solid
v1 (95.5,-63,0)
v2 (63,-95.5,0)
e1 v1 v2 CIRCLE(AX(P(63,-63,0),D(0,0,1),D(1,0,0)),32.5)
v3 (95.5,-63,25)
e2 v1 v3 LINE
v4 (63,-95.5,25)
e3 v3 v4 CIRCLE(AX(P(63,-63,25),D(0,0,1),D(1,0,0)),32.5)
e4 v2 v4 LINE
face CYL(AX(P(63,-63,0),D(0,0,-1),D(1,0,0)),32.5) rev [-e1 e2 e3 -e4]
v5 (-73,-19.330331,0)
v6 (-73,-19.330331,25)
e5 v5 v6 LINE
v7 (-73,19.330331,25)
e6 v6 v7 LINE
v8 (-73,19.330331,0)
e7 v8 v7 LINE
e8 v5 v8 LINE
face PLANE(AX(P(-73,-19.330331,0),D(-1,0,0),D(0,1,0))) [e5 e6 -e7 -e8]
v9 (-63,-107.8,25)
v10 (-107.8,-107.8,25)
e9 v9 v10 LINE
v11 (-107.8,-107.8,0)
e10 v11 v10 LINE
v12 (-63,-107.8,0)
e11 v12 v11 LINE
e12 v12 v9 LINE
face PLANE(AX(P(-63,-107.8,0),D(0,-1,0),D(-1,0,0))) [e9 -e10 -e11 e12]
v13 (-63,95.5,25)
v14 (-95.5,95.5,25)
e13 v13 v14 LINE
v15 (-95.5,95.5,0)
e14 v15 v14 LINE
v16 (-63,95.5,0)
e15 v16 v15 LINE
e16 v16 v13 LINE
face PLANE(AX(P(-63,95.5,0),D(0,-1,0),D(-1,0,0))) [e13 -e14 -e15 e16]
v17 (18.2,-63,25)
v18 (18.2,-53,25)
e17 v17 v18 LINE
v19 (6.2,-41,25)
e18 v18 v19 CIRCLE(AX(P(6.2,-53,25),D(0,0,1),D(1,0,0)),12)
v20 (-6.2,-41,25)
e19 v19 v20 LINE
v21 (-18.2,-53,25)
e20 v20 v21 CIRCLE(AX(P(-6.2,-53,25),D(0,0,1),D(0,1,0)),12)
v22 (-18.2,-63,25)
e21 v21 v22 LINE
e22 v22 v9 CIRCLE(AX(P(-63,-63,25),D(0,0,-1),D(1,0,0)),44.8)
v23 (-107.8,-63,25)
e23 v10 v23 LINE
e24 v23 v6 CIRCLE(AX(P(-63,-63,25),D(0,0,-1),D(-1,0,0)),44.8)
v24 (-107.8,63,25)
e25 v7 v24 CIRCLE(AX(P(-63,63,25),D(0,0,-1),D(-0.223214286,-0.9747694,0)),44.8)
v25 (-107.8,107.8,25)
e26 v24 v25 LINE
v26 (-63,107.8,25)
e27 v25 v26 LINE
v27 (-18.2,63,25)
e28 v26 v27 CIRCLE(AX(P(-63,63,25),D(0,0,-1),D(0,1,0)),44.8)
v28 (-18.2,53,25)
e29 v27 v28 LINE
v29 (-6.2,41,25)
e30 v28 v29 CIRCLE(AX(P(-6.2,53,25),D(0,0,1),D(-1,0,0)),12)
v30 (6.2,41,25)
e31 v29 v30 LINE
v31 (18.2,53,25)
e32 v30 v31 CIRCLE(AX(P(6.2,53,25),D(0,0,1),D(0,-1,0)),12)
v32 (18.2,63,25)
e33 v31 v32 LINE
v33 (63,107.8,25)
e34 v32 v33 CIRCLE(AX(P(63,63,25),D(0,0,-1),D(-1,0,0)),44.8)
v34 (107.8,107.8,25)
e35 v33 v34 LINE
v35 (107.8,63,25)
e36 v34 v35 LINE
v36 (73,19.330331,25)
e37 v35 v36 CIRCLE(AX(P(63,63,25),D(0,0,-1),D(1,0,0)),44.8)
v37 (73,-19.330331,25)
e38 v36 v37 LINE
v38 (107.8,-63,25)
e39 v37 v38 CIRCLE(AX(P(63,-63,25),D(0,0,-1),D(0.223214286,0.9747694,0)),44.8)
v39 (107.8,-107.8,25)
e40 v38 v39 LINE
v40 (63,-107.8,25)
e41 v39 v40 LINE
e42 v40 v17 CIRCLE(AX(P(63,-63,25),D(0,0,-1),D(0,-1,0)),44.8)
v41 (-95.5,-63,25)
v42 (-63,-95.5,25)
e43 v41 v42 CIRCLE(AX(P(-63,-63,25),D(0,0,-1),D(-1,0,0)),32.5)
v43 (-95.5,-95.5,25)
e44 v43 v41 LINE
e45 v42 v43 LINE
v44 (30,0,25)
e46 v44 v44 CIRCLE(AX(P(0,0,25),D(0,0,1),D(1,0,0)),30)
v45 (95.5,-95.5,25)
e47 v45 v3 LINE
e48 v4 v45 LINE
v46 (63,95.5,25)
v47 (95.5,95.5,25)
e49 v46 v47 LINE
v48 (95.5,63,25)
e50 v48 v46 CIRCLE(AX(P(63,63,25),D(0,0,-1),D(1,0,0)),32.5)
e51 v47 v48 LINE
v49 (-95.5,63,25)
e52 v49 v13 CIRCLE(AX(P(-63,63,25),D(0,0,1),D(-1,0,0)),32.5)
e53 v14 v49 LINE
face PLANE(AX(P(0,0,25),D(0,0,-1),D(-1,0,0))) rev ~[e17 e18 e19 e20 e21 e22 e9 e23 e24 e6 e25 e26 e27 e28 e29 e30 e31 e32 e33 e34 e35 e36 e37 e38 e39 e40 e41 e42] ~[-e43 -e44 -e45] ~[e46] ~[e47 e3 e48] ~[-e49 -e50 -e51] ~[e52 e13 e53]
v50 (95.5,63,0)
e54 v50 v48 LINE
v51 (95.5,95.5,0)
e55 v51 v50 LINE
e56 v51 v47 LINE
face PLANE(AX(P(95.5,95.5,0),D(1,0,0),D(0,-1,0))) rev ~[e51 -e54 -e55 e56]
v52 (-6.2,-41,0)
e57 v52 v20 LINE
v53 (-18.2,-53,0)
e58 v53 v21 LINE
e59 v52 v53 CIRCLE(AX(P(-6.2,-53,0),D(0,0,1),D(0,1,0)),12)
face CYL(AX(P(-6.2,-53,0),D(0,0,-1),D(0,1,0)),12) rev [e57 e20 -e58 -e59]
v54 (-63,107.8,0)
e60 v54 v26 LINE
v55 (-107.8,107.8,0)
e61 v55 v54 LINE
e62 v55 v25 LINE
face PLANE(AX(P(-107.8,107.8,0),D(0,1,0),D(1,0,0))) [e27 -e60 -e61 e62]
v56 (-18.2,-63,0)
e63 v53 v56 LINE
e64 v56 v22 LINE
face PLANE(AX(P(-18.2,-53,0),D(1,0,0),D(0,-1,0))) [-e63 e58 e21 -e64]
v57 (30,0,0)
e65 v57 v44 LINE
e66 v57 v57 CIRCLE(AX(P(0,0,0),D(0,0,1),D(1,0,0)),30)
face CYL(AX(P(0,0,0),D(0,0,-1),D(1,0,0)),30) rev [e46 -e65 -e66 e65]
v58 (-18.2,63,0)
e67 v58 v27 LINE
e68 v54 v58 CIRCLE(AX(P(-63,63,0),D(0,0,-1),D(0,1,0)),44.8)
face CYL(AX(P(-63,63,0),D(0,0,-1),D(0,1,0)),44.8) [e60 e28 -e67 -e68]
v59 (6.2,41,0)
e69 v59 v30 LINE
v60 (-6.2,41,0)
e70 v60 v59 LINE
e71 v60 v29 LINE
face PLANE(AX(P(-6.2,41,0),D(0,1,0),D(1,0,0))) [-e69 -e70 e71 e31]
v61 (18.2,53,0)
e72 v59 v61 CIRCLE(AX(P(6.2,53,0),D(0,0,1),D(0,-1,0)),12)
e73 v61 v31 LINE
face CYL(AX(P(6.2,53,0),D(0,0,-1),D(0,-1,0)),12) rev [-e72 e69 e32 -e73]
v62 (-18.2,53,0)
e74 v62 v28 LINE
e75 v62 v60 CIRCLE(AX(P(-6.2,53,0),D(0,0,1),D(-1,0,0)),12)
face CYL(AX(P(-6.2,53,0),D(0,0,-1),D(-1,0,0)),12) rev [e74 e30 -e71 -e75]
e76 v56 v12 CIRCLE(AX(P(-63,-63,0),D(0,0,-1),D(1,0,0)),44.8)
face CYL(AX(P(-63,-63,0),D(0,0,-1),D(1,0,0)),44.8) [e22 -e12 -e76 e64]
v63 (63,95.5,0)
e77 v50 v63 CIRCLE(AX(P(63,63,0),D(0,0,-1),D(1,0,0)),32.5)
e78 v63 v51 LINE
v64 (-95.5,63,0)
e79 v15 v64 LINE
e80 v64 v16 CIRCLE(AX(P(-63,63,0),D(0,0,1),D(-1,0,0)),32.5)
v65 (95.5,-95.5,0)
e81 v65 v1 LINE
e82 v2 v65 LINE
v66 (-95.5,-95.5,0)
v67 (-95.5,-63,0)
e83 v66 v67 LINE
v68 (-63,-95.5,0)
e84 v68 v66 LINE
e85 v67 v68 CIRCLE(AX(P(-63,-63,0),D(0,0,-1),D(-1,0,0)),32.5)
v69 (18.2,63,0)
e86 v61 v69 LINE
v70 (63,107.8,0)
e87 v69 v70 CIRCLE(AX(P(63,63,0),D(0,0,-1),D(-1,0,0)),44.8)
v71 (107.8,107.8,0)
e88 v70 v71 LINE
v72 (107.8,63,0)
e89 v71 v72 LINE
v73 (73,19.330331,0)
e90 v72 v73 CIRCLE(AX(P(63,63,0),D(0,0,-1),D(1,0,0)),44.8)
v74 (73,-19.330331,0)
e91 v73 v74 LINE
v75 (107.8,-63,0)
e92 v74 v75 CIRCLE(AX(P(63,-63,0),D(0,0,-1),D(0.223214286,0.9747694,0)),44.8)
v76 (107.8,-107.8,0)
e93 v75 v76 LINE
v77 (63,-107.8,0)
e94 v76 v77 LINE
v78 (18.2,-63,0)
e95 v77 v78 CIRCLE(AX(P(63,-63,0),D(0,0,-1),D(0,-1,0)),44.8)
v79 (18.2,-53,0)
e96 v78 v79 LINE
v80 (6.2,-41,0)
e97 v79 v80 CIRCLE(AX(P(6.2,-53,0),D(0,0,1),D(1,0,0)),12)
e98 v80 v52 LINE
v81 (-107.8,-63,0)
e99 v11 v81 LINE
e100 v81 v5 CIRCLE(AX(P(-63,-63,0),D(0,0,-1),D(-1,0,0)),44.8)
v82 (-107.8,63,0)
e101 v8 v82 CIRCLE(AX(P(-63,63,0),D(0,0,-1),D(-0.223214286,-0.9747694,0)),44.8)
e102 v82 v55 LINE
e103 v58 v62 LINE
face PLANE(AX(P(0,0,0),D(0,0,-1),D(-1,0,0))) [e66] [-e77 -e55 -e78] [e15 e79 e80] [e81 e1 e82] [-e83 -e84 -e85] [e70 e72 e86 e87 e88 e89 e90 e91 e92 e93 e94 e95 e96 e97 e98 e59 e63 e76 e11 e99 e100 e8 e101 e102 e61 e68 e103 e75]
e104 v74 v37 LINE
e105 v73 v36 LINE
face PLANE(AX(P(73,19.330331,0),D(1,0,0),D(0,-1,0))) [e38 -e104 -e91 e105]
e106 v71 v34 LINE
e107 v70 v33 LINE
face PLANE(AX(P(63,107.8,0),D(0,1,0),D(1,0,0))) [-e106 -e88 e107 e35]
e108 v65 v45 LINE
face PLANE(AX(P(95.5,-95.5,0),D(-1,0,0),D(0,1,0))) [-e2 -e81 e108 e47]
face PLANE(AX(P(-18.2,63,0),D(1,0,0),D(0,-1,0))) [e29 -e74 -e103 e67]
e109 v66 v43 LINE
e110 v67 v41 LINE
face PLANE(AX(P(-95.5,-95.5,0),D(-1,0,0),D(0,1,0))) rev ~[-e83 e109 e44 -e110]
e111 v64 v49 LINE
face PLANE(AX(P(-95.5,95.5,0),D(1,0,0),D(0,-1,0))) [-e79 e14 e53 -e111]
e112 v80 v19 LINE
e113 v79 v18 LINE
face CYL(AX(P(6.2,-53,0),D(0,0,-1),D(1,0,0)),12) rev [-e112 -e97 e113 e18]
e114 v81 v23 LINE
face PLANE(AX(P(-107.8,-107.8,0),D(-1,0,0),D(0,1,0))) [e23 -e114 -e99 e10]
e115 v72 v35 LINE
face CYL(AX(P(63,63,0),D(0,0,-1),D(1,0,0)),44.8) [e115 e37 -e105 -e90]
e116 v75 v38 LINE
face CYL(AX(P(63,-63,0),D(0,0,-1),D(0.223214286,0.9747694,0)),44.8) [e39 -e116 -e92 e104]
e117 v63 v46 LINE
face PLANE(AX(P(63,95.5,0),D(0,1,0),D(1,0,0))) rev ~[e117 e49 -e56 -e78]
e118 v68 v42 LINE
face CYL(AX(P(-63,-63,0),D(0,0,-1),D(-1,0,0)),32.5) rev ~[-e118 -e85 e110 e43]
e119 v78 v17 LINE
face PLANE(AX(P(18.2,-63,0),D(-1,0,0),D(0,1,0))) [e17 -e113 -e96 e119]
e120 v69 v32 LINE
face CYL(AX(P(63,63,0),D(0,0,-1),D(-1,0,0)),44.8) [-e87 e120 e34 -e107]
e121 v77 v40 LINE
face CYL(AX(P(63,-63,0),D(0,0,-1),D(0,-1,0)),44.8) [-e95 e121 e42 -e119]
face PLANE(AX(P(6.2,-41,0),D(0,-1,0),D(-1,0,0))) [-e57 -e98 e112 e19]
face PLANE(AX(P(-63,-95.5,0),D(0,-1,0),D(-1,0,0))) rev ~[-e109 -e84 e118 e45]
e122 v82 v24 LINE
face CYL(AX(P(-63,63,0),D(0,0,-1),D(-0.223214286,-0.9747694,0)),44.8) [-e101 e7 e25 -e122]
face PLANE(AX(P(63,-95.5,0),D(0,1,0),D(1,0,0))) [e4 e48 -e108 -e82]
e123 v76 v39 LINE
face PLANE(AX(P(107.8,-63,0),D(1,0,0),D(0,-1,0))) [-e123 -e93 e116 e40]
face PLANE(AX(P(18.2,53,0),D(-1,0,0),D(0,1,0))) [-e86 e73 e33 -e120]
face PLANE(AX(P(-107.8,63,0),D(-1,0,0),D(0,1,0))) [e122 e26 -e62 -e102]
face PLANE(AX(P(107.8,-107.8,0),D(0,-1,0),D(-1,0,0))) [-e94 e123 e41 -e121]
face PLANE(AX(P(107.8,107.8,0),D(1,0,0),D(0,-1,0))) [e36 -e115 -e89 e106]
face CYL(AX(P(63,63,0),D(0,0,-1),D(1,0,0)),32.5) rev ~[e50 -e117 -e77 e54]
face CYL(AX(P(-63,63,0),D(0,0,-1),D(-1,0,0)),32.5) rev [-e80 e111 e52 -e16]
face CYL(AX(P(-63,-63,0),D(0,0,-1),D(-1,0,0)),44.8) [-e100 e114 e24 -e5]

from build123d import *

# Parameters (mm, degrees)
SKETCH2_R           = 30
BOSS_EXTRUDE1_DEPTH = 25


with BuildPart() as part:
    # Sketch2 → Boss-Extrude1 (new body)
    with BuildSketch(Plane.XY):
        with BuildLine():
            Line((63, 107.8), (107.8, 107.8))
            Line((107.8, 107.8), (107.8, 63))
            ThreePointArc((107.8, 63), (98.035981505, 35.080114613), (73, 19.330330892))
            Line((73, 19.330330892), (73, -19.330330892))
            ThreePointArc((73, -19.330330892), (98.035981505, -35.080114613), (107.8, -63))
            Line((107.8, -63), (107.8, -107.8))
            Line((107.8, -107.8), (63, -107.8))
            ThreePointArc((63, -107.8), (31.321616203, -94.678383797), (18.2, -63))
            Line((18.2, -63), (18.2, -53))
            ThreePointArc((18.2, -53), (14.685281374, -44.514718626), (6.2, -41))
            Line((6.2, -41), (-6.2, -41))
            ThreePointArc((-6.2, -41), (-14.685281374, -44.514718626), (-18.2, -53))
            Line((-18.2, -53), (-18.2, -63))
            ThreePointArc((-18.2, -63), (-31.321616203, -94.678383797), (-63, -107.8))
            Line((-63, -107.8), (-107.8, -107.8))
            Line((-107.8, -107.8), (-107.8, -63))
            ThreePointArc((-107.8, -63), (-98.035981505, -35.080114613), (-73, -19.330330892))
            Line((-73, -19.330330892), (-73, 19.330330892))
            ThreePointArc((-73, 19.330330892), (-98.035981505, 35.080114613), (-107.8, 63))
            Line((-107.8, 63), (-107.8, 107.8))
            Line((-107.8, 107.8), (-63, 107.8))
            ThreePointArc((-63, 107.8), (-31.321616203, 94.678383797), (-18.2, 63))
            Line((-18.2, 63), (-18.2, 53))
            ThreePointArc((-18.2, 53), (-14.685281374, 44.514718626), (-6.2, 41))
            Line((-6.2, 41), (6.2, 41))
            ThreePointArc((6.2, 41), (14.685281374, 44.514718626), (18.2, 53))
            Line((18.2, 53), (18.2, 63))
            ThreePointArc((18.2, 63), (31.321616203, 94.678383797), (63, 107.8))
        make_face()
        Circle(SKETCH2_R, mode=Mode.SUBTRACT)
        with BuildLine():
            Line((63, 95.5), (95.5, 95.5))
            Line((95.5, 95.5), (95.5, 63))
            ThreePointArc((95.5, 63), (40.019029611, 40.019029611), (63, 95.5))
        make_face(mode=Mode.SUBTRACT)
        with BuildLine():
            Line((95.5, -95.5), (95.5, -63))
            ThreePointArc((95.5, -63), (40.019029611, -40.019029611), (63, -95.5))
            Line((63, -95.5), (95.5, -95.5))
        make_face(mode=Mode.SUBTRACT)
        with BuildLine():
            Line((-63, -95.5), (-95.5, -95.5))
            Line((-95.5, -95.5), (-95.5, -63))
            ThreePointArc((-95.5, -63), (-40.019029611, -40.019029611), (-63, -95.5))
        make_face(mode=Mode.SUBTRACT)
        with BuildLine():
            Line((-95.5, 95.5), (-95.5, 63))
            ThreePointArc((-95.5, 63), (-40.019029611, 40.019029611), (-63, 95.5))
            Line((-63, 95.5), (-95.5, 95.5))
        make_face(mode=Mode.SUBTRACT)
    extrude(amount=BOSS_EXTRUDE1_DEPTH)


solid = part.part
